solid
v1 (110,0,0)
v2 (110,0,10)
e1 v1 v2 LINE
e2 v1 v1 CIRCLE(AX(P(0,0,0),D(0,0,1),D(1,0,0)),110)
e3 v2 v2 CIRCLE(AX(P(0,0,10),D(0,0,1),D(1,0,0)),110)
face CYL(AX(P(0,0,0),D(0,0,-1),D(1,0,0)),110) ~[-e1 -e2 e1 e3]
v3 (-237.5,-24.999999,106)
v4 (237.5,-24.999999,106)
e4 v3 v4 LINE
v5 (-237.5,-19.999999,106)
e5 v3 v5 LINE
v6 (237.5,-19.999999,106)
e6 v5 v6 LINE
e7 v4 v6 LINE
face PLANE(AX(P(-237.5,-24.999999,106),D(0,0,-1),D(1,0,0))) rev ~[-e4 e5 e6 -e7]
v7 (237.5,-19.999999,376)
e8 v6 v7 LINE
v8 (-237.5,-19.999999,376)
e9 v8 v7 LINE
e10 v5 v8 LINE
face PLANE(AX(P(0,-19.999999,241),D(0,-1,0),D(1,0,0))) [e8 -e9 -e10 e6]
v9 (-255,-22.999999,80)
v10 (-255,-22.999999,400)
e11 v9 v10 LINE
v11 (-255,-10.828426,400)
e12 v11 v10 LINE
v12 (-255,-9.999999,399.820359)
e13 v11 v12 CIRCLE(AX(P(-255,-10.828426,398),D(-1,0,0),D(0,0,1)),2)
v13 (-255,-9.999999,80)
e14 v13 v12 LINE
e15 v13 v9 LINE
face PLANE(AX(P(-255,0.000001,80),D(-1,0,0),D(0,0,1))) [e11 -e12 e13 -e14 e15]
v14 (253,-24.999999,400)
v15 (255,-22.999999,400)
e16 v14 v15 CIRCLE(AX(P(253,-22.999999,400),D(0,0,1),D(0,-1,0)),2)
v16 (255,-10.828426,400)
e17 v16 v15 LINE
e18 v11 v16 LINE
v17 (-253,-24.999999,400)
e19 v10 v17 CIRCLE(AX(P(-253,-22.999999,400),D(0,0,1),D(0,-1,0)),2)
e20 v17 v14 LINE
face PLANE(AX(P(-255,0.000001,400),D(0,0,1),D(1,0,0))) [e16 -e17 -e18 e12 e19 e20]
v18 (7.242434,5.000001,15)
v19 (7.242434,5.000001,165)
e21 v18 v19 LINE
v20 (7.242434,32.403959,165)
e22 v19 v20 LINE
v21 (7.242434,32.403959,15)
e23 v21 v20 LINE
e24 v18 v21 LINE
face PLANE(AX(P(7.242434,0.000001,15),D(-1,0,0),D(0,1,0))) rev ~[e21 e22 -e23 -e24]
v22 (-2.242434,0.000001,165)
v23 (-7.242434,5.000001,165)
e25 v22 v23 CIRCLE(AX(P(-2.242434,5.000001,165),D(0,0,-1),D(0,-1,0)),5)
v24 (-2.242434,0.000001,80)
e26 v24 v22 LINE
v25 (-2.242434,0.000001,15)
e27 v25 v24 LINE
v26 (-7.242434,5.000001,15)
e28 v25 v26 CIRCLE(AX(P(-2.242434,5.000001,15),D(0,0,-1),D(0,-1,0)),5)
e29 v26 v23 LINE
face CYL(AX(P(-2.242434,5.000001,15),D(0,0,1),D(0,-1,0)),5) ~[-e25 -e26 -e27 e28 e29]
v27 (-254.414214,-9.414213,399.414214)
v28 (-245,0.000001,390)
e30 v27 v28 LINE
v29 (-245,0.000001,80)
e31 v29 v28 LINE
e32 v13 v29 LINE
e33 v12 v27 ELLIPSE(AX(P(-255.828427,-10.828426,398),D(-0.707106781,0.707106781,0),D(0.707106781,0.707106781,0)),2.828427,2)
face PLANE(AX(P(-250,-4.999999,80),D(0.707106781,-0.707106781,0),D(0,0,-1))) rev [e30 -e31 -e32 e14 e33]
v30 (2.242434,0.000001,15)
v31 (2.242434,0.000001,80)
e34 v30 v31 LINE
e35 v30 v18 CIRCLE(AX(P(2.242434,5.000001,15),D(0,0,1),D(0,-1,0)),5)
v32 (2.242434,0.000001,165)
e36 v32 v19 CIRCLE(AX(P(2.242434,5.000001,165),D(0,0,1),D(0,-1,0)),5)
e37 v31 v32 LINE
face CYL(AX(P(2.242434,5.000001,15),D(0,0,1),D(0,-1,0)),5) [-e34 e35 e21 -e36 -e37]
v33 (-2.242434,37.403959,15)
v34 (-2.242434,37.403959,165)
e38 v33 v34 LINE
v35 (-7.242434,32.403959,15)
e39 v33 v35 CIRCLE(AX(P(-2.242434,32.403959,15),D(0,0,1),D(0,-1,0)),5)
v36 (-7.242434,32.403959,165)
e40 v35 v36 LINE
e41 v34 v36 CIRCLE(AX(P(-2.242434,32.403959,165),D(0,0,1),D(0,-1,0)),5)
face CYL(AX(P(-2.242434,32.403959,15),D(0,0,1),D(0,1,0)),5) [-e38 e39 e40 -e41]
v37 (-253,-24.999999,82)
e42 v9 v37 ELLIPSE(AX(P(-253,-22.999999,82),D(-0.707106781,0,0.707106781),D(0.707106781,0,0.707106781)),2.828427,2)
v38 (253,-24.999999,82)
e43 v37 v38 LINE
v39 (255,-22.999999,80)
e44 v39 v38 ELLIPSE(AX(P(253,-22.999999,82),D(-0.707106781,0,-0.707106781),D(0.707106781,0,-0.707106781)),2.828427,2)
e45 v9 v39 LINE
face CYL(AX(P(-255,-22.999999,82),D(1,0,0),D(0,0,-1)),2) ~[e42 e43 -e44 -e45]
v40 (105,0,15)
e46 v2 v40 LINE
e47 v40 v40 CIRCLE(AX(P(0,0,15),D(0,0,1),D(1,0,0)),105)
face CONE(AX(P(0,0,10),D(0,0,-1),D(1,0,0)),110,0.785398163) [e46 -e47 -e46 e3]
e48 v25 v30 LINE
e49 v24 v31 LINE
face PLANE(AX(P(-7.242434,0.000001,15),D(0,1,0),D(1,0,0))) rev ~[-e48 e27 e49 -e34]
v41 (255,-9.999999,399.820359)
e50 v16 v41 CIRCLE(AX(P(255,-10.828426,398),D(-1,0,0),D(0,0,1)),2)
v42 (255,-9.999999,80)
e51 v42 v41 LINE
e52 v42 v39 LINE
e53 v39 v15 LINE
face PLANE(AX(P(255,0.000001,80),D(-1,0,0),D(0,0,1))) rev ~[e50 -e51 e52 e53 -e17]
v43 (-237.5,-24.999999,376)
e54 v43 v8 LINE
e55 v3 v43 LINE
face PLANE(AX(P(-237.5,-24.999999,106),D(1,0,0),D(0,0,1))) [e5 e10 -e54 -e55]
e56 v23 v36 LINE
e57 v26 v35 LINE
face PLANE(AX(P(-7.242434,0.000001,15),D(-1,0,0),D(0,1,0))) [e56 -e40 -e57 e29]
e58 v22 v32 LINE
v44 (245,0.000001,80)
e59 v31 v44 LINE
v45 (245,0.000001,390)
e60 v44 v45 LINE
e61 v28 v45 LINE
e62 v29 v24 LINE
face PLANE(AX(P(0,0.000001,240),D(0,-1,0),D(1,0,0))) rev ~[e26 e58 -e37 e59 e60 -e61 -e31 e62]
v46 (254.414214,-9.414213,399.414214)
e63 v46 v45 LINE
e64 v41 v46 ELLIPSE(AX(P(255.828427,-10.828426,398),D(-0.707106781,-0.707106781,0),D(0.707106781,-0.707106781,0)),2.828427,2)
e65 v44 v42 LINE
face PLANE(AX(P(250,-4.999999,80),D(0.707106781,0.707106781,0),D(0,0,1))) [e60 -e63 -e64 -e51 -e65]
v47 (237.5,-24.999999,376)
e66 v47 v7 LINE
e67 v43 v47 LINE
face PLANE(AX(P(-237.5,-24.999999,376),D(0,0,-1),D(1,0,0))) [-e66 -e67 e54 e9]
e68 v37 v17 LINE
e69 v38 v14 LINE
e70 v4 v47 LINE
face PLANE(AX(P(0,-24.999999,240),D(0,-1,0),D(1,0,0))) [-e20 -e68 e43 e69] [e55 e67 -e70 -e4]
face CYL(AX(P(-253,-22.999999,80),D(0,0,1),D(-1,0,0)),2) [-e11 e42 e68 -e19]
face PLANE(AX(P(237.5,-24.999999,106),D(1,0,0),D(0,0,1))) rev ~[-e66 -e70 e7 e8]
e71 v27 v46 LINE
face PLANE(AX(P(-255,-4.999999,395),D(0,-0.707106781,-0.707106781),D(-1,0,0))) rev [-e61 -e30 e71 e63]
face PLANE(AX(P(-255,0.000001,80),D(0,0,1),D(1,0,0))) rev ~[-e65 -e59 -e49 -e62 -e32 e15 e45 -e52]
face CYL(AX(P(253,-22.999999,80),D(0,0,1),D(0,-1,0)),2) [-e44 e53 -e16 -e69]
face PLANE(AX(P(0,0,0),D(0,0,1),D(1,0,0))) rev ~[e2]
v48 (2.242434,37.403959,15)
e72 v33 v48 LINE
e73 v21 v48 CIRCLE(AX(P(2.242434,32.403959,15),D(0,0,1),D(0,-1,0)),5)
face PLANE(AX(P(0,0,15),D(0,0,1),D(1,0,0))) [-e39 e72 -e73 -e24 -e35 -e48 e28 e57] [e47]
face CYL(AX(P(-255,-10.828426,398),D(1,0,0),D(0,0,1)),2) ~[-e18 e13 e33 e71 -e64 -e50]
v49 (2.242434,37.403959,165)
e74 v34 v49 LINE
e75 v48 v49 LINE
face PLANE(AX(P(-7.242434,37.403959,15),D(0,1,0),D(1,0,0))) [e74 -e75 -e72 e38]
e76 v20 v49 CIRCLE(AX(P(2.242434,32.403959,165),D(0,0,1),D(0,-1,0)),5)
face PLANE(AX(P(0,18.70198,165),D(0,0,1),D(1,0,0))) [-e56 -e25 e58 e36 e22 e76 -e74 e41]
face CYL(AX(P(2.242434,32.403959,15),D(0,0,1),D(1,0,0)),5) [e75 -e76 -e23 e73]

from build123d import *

# Parameters (mm, degrees)
F0_R      = 110
F1_DEPTH  = 15
F2_SIZE   = 5
F3_W      = 14.4848674536
F3_H      = 37.4039579183
F4_DEPTH  = 150
F5_R      = 5
F6_W      = 510
F6_H      = 320
F7_DEPTH  = 25
F8_SIZE   = 10
F9_R      = 2
F10_W     = 475
F10_H     = 270
F11_DEPTH = 5


with BuildPart() as f1:
    # F0 (on Top) → F1 (new body)
    with BuildSketch(Plane.XY):
        Circle(F0_R)
    extrude(amount=F1_DEPTH)

    # F2
    f2_edges = [f1.edges().sort_by_distance(p)[0] for p in [
        (-110, 0, 15),
    ]]
    chamfer(f2_edges, length=F2_SIZE)

    # F3 (on face) → F4 (join)
    with BuildSketch(Plane.XY.offset(15)):
        with Locations((0, 18.7019798905)):
            Rectangle(F3_W, F3_H)
    extrude(amount=F4_DEPTH)

    # F5
    f5_edges = [f1.edges().sort_by_distance(p)[0] for p in [
        (-7.242434, 1e-06, 90),
        (7.242434, 1e-06, 90),
        (7.242434, 37.403959, 90),
        (-7.242434, 37.403959, 90),
    ]]
    fillet(f5_edges, radius=F5_R)

    # F6 (on face) → F7 (join)
    with BuildSketch(Plane.XZ.offset(-9.313e-07)):
        with Locations((0, 240)):
            Rectangle(F6_W, F6_H)
    extrude(amount=F7_DEPTH)

    # F8
    f8_edges = [f1.edges().sort_by_distance(p)[0] for p in [
        (-255, 1e-06, 240),
        (0, 1e-06, 400),
        (255, 1e-06, 240),
    ]]
    chamfer(f8_edges, length=F8_SIZE)

    # F9
    f9_edges = [f1.edges().sort_by_distance(p)[0] for p in [
        (-255, -24.999999, 240),
        (0, -24.999999, 80),
        (255, -24.999999, 240),
        (0, -9.999999, 400),
    ]]
    fillet(f9_edges, radius=F9_R)

    # F10 (on face) → F11 (cut)
    with BuildSketch(Plane.XZ.offset(24.9999990687)):
        with Locations((0, 241)):
            Rectangle(F10_W, F10_H)
    extrude(amount=-F11_DEPTH, mode=Mode.SUBTRACT)


solid = f1.part
